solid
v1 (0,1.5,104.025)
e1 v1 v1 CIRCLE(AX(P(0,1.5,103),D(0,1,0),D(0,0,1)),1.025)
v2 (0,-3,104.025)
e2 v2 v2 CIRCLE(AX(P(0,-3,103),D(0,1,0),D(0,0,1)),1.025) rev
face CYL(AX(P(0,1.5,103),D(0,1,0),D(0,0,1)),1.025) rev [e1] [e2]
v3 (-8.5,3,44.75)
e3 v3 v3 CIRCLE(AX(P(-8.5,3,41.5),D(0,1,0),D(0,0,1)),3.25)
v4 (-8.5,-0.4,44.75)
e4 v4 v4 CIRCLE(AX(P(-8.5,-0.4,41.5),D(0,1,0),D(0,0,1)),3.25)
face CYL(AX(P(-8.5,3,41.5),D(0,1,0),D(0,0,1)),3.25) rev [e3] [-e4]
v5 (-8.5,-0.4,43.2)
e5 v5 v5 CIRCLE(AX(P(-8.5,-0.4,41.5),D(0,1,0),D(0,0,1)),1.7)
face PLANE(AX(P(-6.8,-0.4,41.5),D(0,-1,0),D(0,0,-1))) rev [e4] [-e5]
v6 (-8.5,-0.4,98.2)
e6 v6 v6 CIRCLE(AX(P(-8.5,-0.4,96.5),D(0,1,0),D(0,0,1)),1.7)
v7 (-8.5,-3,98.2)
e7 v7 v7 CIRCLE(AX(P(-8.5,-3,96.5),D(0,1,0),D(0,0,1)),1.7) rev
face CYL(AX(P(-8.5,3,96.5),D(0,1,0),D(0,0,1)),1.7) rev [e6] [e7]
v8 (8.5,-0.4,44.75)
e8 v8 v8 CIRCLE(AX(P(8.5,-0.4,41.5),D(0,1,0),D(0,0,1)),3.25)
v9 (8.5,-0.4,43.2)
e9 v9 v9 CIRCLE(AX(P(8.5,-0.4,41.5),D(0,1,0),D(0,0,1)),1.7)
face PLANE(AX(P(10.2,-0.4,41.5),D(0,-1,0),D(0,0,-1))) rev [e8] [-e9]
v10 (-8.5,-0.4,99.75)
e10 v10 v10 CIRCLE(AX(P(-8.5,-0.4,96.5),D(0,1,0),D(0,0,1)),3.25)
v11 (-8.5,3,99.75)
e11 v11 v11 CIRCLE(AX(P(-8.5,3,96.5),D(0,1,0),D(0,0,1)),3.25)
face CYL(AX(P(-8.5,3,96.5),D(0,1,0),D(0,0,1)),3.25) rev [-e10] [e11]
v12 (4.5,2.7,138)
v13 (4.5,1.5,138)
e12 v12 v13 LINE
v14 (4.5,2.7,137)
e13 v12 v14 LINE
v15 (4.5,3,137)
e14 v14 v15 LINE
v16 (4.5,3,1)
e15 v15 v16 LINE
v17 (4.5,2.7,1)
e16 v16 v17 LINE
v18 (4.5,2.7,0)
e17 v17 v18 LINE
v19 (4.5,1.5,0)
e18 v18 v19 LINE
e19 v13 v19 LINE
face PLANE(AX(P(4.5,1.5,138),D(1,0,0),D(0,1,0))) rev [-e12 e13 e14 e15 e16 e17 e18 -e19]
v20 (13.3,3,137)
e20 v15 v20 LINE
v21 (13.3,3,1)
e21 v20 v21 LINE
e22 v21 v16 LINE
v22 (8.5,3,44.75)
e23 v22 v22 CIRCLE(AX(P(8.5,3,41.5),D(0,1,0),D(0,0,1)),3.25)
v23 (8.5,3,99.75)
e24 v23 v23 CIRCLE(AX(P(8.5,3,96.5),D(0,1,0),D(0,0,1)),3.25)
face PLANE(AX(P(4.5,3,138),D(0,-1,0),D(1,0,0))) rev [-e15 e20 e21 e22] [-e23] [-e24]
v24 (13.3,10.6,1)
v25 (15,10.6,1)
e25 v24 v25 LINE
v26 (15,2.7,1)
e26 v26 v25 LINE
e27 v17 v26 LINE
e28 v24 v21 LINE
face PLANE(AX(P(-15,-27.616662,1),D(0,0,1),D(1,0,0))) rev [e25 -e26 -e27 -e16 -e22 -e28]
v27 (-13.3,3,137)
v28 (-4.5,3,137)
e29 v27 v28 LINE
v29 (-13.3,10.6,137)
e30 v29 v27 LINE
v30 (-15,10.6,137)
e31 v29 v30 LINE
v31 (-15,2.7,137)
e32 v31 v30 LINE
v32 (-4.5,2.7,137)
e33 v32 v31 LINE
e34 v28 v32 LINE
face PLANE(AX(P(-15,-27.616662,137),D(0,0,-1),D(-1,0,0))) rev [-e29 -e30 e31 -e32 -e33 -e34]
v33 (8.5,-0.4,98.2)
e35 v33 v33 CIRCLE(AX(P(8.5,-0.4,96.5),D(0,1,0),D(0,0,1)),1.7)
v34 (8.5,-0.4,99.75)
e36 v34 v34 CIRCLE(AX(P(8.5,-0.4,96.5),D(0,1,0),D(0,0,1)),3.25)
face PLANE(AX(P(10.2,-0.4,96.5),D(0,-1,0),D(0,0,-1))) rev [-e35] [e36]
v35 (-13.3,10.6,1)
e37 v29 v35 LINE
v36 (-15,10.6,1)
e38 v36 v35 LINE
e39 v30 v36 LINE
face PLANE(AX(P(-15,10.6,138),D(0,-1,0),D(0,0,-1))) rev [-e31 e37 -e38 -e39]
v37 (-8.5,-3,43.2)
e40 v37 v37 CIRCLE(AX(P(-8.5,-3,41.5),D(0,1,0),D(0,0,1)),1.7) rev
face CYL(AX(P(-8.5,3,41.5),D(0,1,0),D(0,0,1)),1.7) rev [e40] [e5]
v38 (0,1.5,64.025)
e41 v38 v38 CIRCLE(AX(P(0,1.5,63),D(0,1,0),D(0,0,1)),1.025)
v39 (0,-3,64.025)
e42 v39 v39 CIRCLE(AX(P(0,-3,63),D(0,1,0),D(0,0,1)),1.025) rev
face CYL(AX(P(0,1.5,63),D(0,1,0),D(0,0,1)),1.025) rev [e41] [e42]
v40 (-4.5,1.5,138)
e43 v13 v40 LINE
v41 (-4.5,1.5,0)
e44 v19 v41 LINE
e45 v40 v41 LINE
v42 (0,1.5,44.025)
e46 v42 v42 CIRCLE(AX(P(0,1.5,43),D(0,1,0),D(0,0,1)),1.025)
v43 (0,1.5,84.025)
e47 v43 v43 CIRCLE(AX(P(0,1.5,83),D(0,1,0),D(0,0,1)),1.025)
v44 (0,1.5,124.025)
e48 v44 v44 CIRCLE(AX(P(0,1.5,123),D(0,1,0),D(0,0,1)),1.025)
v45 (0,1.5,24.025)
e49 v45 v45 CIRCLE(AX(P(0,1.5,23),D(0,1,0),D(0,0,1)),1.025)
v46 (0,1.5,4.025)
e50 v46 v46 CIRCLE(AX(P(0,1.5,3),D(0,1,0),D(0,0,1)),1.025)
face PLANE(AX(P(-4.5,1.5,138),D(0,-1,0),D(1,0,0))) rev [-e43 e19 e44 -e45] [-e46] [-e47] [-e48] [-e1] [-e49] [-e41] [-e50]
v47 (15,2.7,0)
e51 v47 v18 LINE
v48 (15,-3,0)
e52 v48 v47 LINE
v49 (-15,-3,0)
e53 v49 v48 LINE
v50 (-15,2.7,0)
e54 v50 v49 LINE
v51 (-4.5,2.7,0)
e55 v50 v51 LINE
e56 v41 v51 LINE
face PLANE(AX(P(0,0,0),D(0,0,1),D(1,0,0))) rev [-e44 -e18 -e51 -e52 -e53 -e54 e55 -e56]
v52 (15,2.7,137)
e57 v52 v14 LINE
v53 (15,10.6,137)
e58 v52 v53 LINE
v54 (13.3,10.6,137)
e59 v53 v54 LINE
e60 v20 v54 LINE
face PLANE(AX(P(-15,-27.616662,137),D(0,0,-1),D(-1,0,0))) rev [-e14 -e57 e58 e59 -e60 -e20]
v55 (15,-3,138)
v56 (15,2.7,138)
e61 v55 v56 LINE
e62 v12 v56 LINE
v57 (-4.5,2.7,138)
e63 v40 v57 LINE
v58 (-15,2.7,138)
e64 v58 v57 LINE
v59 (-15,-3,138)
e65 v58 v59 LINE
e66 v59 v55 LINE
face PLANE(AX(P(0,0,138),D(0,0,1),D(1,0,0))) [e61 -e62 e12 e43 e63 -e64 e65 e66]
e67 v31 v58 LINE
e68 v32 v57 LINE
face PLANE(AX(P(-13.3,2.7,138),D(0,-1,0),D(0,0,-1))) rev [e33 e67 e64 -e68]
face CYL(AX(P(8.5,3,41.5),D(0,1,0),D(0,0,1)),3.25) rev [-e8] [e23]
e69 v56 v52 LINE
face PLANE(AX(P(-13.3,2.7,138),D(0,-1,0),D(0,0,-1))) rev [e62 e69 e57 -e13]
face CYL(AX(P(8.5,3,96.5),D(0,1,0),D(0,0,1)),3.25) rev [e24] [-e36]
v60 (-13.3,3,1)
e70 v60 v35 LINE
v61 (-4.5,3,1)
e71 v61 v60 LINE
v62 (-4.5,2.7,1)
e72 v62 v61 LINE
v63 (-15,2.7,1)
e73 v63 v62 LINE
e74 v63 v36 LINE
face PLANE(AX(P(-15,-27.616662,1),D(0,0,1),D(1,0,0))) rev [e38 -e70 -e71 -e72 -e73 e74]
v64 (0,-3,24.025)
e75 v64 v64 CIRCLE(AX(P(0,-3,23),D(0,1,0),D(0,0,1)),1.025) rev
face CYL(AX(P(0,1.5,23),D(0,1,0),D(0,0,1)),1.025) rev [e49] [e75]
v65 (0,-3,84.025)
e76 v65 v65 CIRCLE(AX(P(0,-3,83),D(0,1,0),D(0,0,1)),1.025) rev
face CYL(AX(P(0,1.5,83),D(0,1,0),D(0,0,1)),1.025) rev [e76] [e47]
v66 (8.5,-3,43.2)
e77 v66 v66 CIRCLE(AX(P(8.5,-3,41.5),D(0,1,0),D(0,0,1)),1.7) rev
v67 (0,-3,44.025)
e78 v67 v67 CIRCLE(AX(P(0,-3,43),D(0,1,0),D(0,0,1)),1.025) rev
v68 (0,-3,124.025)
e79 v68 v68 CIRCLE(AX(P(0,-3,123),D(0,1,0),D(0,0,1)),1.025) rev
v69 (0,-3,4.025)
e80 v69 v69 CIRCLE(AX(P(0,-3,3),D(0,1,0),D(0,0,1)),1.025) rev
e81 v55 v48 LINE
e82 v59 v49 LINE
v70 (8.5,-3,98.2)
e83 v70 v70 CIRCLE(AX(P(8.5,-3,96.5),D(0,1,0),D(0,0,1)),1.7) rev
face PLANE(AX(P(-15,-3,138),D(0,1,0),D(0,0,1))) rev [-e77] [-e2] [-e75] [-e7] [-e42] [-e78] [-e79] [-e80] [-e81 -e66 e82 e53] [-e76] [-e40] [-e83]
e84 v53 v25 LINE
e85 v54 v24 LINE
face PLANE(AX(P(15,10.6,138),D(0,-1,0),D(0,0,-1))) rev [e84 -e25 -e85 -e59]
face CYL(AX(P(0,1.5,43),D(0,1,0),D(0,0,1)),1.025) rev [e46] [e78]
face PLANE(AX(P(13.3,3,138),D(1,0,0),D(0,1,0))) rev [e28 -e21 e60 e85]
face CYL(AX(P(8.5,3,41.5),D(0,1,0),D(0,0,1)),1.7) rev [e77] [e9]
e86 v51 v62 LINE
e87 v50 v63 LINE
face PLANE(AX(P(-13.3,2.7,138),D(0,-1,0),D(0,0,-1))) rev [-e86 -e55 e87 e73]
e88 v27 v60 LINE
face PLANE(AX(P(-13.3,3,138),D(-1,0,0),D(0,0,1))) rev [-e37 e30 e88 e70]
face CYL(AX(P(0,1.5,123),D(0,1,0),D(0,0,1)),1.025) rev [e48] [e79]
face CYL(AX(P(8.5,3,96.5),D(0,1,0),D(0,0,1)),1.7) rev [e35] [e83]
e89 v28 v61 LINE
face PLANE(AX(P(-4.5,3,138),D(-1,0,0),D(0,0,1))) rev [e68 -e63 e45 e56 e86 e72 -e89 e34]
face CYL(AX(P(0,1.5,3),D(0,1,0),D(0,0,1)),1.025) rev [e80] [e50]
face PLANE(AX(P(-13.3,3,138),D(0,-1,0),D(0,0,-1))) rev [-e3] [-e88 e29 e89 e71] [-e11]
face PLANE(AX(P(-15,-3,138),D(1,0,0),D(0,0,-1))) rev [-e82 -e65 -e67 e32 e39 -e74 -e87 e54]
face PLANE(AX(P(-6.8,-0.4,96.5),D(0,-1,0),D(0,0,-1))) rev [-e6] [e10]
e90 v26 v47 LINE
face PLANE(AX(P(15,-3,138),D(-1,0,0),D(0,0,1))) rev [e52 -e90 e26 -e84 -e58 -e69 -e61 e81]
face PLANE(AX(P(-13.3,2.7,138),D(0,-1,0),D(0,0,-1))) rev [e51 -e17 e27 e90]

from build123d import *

# Parameters (mm, degrees)
BODY_DEPTH             = 138
SKETCH_2_W             = 30
SKETCH_2_H             = 1
CUT1_DEPTH             = 7.9
FIXTURE_M3_D           = 3.4
FIXTURE_M3_DEPTH       = 6
FIXTURE_M3_CBORE_D     = 6.5
FIXTURE_M3_CBORE_DEPTH = 3.4
FIXTURE_M3_TIP         = 1.021463052
PATTERN_LINEAR_1_COUNT = 7
PATTERN_LINEAR_1_PITCH = 20


with BuildPart() as part:
    # Эскиз1 → Body (new body)
    with BuildSketch(Plane.XY):
        Polygon((-15, -3), (15, -3), (15, 3), (15, 10.6), (13.3, 10.6), (13.3, 3), (4.5, 3), (4.5, 1.5), (-4.5, 1.5), (-4.5, 3), (-13.3, 3), (-13.3, 10.6), (-15, 10.6), (-15, 3), align=None)
    extrude(amount=BODY_DEPTH)

    # Эскиз2 → Cut1 (cut)
    with BuildSketch(Plane(origin=(0, 10.6, 0), x_dir=(1, 0, 0), z_dir=(0, 1, 0))):
        with Locations((0, -137.5)):
            Rectangle(SKETCH_2_W, SKETCH_2_H)
        with Locations((0, -0.5)):
            Rectangle(SKETCH_2_W, SKETCH_2_H)
    extrude(amount=-CUT1_DEPTH, mode=Mode.SUBTRACT)

    # Fixture M3
    with Locations(Plane(origin=(-8.5, 3, 96.5), x_dir=(1, 0, 0), z_dir=(0, 1, 0))):
        with Locations((0, 0), (17, 0), (17, 55), (0, 55)):
            CounterBoreHole(FIXTURE_M3_D / 2, FIXTURE_M3_CBORE_D / 2, FIXTURE_M3_CBORE_DEPTH, depth=FIXTURE_M3_DEPTH)
            with Locations((0, 0, -(FIXTURE_M3_DEPTH + FIXTURE_M3_TIP / 2))):  # 118° drill point
                Cone(0, FIXTURE_M3_D / 2, FIXTURE_M3_TIP, mode=Mode.SUBTRACT)

    # Эскиз7 → Fixture M2 (revolve, cut)
    with BuildSketch(Plane(origin=(0, 1.5, 123), x_dir=(0, 0, 1), z_dir=(1, 0, 0))):
        Polygon((0, 0), (0, 5.115882135), (1.025, 4.5), (1.025, 0), align=None)
    fixture_m2 = revolve(axis=Axis((0, 7.85, 123), (0, -1, 0)), mode=Mode.SUBTRACT)

    # Линейный массив1: Fixture M2 ×7
    with Locations(*[(0, 0, -i * PATTERN_LINEAR_1_PITCH) for i in range(1, PATTERN_LINEAR_1_COUNT)]):
        add(fixture_m2, mode=Mode.SUBTRACT)


solid = part.part
